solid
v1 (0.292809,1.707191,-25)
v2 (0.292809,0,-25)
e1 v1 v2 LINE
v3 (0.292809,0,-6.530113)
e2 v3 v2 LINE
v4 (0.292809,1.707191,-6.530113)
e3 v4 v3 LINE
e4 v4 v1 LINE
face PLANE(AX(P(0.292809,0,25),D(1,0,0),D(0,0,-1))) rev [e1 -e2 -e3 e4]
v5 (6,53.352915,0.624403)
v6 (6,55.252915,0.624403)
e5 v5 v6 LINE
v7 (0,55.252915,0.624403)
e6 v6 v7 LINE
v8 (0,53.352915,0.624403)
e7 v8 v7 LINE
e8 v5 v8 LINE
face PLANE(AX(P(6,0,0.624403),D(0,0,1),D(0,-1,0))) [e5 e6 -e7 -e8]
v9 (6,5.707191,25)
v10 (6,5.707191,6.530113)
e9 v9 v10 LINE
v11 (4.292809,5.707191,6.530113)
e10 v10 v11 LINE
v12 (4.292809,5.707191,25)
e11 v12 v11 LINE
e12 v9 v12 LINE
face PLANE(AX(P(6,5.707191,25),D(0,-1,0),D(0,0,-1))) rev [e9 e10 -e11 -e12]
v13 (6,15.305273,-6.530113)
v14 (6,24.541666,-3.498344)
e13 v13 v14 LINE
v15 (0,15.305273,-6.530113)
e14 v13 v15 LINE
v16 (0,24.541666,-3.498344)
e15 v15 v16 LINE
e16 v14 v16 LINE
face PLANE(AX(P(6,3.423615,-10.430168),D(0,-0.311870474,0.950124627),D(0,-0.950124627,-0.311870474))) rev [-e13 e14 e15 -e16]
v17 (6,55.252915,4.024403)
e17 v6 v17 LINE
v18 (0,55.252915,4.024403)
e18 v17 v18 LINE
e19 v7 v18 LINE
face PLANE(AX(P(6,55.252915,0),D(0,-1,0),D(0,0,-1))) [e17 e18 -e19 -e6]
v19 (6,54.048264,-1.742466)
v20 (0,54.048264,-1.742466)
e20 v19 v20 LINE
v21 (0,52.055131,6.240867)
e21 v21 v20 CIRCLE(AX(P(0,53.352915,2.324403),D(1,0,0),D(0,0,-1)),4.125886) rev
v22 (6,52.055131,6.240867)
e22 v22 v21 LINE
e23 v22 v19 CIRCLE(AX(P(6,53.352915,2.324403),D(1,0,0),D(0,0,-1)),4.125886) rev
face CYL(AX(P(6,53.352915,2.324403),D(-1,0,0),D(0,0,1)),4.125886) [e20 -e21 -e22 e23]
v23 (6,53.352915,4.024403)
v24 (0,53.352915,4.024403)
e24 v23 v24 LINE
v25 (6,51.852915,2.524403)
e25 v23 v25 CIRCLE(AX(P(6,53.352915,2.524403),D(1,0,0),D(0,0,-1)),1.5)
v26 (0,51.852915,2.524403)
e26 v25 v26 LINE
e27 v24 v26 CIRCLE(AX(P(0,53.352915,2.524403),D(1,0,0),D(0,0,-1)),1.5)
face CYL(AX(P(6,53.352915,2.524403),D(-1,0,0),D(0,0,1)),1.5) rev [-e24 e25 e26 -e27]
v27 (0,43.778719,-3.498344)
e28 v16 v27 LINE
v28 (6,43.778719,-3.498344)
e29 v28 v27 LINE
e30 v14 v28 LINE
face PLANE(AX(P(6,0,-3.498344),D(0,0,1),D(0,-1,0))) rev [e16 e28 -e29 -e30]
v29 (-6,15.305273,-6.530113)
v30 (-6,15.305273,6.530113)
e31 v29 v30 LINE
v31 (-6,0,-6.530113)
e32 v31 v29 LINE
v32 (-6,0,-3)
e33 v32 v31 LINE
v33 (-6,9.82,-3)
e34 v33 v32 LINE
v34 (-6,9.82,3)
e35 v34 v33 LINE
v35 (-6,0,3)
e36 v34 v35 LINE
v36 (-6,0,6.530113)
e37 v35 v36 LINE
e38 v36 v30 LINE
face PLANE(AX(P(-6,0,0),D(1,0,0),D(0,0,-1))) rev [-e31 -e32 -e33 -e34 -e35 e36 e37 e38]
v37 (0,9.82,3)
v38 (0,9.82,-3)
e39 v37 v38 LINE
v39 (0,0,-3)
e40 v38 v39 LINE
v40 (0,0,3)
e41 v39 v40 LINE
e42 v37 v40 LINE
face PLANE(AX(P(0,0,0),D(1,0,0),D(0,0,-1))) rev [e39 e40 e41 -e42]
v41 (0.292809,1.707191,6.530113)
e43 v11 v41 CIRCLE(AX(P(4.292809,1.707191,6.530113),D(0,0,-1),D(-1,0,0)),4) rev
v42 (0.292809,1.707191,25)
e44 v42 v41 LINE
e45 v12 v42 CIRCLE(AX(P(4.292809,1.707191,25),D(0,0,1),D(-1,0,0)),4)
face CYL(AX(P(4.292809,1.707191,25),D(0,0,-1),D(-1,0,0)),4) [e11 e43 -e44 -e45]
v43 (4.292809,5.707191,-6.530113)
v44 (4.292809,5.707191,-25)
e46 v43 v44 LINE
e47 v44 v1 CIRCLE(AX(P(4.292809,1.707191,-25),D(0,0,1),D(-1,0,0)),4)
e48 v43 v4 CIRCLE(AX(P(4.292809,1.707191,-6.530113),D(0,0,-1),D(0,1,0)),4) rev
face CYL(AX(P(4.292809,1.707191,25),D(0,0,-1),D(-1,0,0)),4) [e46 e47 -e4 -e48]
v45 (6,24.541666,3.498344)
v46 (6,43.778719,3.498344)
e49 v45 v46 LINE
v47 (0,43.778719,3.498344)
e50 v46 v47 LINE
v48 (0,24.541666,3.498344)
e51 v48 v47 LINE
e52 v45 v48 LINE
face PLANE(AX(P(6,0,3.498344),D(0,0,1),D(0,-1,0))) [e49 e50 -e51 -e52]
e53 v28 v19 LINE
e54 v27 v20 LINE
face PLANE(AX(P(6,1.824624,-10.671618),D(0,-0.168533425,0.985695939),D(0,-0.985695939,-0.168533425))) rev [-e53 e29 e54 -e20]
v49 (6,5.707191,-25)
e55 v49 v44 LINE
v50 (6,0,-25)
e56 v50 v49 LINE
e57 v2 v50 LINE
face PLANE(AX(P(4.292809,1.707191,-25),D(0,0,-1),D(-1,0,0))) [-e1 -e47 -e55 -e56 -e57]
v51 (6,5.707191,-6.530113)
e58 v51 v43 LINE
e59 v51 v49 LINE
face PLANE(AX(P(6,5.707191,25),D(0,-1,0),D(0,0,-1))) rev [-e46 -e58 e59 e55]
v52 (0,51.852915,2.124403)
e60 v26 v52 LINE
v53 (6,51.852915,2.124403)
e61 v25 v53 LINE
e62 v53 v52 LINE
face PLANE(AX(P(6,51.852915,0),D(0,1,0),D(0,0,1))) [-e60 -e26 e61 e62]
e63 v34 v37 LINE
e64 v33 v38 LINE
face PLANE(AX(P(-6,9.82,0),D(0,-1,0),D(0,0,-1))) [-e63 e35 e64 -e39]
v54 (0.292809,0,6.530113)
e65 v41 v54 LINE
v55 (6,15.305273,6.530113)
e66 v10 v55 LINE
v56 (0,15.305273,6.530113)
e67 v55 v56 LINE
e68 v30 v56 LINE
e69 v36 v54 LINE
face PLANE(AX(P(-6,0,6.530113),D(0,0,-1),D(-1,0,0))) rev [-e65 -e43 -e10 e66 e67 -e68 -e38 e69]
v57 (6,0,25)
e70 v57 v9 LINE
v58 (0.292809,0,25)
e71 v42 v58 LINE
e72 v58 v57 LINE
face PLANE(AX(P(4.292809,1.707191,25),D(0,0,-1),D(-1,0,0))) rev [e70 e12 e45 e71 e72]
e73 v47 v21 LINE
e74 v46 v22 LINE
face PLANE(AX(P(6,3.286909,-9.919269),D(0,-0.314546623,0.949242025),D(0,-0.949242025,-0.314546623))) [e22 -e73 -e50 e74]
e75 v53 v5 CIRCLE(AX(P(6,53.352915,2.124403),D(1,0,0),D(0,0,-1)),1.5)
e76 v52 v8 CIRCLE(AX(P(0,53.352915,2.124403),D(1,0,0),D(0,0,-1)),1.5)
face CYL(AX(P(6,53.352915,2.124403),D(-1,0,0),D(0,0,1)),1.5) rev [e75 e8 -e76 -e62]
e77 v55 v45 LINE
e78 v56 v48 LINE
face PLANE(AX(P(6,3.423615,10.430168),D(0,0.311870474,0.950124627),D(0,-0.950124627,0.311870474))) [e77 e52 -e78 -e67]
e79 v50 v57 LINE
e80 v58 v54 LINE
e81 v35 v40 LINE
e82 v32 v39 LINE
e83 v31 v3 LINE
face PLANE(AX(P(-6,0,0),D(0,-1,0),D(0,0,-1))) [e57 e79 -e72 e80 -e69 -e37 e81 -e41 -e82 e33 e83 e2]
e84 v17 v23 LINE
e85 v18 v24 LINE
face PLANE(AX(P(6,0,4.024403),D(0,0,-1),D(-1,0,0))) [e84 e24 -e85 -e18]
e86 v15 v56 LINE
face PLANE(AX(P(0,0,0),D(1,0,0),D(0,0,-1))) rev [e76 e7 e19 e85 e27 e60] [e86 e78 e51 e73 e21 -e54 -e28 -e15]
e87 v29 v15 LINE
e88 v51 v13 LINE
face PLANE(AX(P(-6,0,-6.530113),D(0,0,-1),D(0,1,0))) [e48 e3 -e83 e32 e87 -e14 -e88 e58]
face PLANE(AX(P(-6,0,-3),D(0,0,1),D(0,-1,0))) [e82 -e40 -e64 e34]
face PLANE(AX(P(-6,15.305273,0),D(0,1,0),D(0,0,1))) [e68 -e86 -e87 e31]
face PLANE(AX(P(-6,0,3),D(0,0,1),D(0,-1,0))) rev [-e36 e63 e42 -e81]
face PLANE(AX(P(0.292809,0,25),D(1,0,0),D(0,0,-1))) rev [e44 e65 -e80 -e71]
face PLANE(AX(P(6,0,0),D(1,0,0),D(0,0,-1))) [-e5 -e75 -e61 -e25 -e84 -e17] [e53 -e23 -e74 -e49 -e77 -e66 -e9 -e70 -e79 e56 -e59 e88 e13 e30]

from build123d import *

# Parameters (mm, degrees)
SKETCH1_W                = 3.530112864
SKETCH1_H                = 9.82
BOSS_EXTRUDE2_DEPTH      = 6
SKETCH1_4_W              = 6
SKETCH1_4_H              = 9.82
SKETCH1_4_W_2            = 3.530112864
BOSS_EXTRUDE3_DEPTH      = 6
BOSS_EXTRUDE4_DEPTH      = 18.469887
BOSS_EXTRUDE4_DEPTH_BACK = 31.530113


with BuildPart() as part:
    # Sketch1 → Boss-Extrude2 (new body)
    with BuildSketch(Plane(origin=(0, 0, 0), x_dir=(0, 0, -1), z_dir=(1, 0, 0))):
        with Locations((4.765056432, 4.91)):
            Rectangle(SKETCH1_W, SKETCH1_H)
        with Locations((-4.765056432, 4.91)):
            Rectangle(SKETCH1_W, SKETCH1_H)
        Polygon((6.530112864, 9.82), (6.530112864, 15.3052734), (-6.530112864, 15.3052734), (-6.530112864, 9.82), (-3, 9.82), (3, 9.82), align=None)
    extrude(amount=-BOSS_EXTRUDE2_DEPTH)

    # Sketch1<4> → Boss-Extrude3 (add)
    # profile 1 of 6: a face of its own
    with BuildSketch(Plane(origin=(0, 0, 0), x_dir=(0, 0, -1), z_dir=(1, 0, 0))):
        with Locations((0, 4.91)):
            Rectangle(SKETCH1_4_W, SKETCH1_4_H)
    # profile 2 of 6: a face of its own
    with BuildSketch(Plane(origin=(0, 0, 0), x_dir=(0, 0, -1), z_dir=(1, 0, 0))):
        Polygon((-6.530112864, 9.82), (-3, 9.82), (3, 9.82), (6.530112864, 9.82), (6.530112864, 15.3052734), (-6.530112864, 15.3052734), align=None)
    # profile 3 of 6: a face of its own
    with BuildSketch(Plane(origin=(0, 0, 0), x_dir=(0, 0, -1), z_dir=(1, 0, 0))):
        with Locations((-4.765056432, 4.91)):
            Rectangle(SKETCH1_4_W_2, SKETCH1_4_H)
    # profile 4 of 6: a face of its own
    with BuildSketch(Plane(origin=(0, 0, 0), x_dir=(0, 0, -1), z_dir=(1, 0, 0))):
        with Locations((4.765056432, 4.91)):
            Rectangle(SKETCH1_4_W_2, SKETCH1_4_H)
    # profile 5 of 6: a face of its own
    with BuildSketch(Plane(origin=(0, 0, 0), x_dir=(0, 0, -1), z_dir=(1, 0, 0))):
        with BuildLine():
            Line((-3.498344074, 24.541666174), (-6.530112864, 15.3052734))
            Line((-6.530112864, 15.3052734), (6.530112864, 15.3052734))
            Line((6.530112864, 15.3052734), (3.498344074, 24.541666174))
            Line((3.498344074, 24.541666174), (3.498344074, 43.778718631))
            Line((3.498344074, 43.778718631), (1.742466173, 54.048264378))
            ThreePointArc((1.742466173, 54.048264378), (-3.323802498, 57.355930134), (-6.240866628, 52.055131338))
            Line((-6.240866628, 52.055131338), (-3.498344074, 43.778718631))
            Line((-3.498344074, 43.778718631), (-3.498344074, 24.541666174))
        make_face()
        with BuildLine():
            Line((-4.024402568, 55.252914737), (-0.624402568, 55.252914737))
            Line((-0.624402568, 55.252914737), (-0.624402568, 53.352914737))
            ThreePointArc((-0.624402568, 53.352914737), (-1.063742396, 52.292254566), (-2.124402568, 51.852914737))
            Line((-2.124402568, 51.852914737), (-2.524402568, 51.852914737))
            ThreePointArc((-2.524402568, 51.852914737), (-3.58506274, 52.292254566), (-4.024402568, 53.352914737))
            Line((-4.024402568, 53.352914737), (-4.024402568, 55.252914737))
        make_face(mode=Mode.SUBTRACT)
    # profile 6 of 6: a face of its own
    with BuildSketch(Plane(origin=(0, 0, 0), x_dir=(0, 0, -1), z_dir=(1, 0, 0))):
        with BuildLine():
            ThreePointArc((-3.824402568, 53.352914737), (-3.443641384, 52.433675922), (-2.524402568, 52.052914737))
            Line((-2.524402568, 52.052914737), (-2.124402568, 52.052914737))
            ThreePointArc((-2.124402568, 52.052914737), (-1.205163753, 52.433675922), (-0.824402568, 53.352914737))
            Line((-0.824402568, 53.352914737), (-0.824402568, 55.052914737))
            Line((-0.824402568, 55.052914737), (-3.824402568, 55.052914737))
            Line((-3.824402568, 55.052914737), (-3.824402568, 53.352914737))
        make_face()
    extrude(amount=BOSS_EXTRUDE3_DEPTH)


with BuildPart() as boss_extrude3_kept_piece:
    # of the separate pieces the step leaves, the one the design keeps (boss_extrude3_pieces_kept)
    add(part.part.solids().sort_by_distance((6, 0, -6.530112864))[0])

    # Sketch4 → Boss-Extrude4 (add, two sides: drawn at the far end of the back side and taken through both)
    with BuildSketch(Plane.XY.offset(6.530112864).offset(-BOSS_EXTRUDE4_DEPTH_BACK)):
        with BuildLine():
            Line((6, 0), (0.292808536, 0))
            Line((0.292808536, 0), (0.292808536, 1.707191464))
            ThreePointArc((0.292808536, 1.707191464), (1.464381411, 4.535618589), (4.292808536, 5.707191464))
            Line((4.292808536, 5.707191464), (6, 5.707191464))
            Line((6, 5.707191464), (6, 0))
        make_face()
    extrude(amount=BOSS_EXTRUDE4_DEPTH + BOSS_EXTRUDE4_DEPTH_BACK)


solid = boss_extrude3_kept_piece.part
